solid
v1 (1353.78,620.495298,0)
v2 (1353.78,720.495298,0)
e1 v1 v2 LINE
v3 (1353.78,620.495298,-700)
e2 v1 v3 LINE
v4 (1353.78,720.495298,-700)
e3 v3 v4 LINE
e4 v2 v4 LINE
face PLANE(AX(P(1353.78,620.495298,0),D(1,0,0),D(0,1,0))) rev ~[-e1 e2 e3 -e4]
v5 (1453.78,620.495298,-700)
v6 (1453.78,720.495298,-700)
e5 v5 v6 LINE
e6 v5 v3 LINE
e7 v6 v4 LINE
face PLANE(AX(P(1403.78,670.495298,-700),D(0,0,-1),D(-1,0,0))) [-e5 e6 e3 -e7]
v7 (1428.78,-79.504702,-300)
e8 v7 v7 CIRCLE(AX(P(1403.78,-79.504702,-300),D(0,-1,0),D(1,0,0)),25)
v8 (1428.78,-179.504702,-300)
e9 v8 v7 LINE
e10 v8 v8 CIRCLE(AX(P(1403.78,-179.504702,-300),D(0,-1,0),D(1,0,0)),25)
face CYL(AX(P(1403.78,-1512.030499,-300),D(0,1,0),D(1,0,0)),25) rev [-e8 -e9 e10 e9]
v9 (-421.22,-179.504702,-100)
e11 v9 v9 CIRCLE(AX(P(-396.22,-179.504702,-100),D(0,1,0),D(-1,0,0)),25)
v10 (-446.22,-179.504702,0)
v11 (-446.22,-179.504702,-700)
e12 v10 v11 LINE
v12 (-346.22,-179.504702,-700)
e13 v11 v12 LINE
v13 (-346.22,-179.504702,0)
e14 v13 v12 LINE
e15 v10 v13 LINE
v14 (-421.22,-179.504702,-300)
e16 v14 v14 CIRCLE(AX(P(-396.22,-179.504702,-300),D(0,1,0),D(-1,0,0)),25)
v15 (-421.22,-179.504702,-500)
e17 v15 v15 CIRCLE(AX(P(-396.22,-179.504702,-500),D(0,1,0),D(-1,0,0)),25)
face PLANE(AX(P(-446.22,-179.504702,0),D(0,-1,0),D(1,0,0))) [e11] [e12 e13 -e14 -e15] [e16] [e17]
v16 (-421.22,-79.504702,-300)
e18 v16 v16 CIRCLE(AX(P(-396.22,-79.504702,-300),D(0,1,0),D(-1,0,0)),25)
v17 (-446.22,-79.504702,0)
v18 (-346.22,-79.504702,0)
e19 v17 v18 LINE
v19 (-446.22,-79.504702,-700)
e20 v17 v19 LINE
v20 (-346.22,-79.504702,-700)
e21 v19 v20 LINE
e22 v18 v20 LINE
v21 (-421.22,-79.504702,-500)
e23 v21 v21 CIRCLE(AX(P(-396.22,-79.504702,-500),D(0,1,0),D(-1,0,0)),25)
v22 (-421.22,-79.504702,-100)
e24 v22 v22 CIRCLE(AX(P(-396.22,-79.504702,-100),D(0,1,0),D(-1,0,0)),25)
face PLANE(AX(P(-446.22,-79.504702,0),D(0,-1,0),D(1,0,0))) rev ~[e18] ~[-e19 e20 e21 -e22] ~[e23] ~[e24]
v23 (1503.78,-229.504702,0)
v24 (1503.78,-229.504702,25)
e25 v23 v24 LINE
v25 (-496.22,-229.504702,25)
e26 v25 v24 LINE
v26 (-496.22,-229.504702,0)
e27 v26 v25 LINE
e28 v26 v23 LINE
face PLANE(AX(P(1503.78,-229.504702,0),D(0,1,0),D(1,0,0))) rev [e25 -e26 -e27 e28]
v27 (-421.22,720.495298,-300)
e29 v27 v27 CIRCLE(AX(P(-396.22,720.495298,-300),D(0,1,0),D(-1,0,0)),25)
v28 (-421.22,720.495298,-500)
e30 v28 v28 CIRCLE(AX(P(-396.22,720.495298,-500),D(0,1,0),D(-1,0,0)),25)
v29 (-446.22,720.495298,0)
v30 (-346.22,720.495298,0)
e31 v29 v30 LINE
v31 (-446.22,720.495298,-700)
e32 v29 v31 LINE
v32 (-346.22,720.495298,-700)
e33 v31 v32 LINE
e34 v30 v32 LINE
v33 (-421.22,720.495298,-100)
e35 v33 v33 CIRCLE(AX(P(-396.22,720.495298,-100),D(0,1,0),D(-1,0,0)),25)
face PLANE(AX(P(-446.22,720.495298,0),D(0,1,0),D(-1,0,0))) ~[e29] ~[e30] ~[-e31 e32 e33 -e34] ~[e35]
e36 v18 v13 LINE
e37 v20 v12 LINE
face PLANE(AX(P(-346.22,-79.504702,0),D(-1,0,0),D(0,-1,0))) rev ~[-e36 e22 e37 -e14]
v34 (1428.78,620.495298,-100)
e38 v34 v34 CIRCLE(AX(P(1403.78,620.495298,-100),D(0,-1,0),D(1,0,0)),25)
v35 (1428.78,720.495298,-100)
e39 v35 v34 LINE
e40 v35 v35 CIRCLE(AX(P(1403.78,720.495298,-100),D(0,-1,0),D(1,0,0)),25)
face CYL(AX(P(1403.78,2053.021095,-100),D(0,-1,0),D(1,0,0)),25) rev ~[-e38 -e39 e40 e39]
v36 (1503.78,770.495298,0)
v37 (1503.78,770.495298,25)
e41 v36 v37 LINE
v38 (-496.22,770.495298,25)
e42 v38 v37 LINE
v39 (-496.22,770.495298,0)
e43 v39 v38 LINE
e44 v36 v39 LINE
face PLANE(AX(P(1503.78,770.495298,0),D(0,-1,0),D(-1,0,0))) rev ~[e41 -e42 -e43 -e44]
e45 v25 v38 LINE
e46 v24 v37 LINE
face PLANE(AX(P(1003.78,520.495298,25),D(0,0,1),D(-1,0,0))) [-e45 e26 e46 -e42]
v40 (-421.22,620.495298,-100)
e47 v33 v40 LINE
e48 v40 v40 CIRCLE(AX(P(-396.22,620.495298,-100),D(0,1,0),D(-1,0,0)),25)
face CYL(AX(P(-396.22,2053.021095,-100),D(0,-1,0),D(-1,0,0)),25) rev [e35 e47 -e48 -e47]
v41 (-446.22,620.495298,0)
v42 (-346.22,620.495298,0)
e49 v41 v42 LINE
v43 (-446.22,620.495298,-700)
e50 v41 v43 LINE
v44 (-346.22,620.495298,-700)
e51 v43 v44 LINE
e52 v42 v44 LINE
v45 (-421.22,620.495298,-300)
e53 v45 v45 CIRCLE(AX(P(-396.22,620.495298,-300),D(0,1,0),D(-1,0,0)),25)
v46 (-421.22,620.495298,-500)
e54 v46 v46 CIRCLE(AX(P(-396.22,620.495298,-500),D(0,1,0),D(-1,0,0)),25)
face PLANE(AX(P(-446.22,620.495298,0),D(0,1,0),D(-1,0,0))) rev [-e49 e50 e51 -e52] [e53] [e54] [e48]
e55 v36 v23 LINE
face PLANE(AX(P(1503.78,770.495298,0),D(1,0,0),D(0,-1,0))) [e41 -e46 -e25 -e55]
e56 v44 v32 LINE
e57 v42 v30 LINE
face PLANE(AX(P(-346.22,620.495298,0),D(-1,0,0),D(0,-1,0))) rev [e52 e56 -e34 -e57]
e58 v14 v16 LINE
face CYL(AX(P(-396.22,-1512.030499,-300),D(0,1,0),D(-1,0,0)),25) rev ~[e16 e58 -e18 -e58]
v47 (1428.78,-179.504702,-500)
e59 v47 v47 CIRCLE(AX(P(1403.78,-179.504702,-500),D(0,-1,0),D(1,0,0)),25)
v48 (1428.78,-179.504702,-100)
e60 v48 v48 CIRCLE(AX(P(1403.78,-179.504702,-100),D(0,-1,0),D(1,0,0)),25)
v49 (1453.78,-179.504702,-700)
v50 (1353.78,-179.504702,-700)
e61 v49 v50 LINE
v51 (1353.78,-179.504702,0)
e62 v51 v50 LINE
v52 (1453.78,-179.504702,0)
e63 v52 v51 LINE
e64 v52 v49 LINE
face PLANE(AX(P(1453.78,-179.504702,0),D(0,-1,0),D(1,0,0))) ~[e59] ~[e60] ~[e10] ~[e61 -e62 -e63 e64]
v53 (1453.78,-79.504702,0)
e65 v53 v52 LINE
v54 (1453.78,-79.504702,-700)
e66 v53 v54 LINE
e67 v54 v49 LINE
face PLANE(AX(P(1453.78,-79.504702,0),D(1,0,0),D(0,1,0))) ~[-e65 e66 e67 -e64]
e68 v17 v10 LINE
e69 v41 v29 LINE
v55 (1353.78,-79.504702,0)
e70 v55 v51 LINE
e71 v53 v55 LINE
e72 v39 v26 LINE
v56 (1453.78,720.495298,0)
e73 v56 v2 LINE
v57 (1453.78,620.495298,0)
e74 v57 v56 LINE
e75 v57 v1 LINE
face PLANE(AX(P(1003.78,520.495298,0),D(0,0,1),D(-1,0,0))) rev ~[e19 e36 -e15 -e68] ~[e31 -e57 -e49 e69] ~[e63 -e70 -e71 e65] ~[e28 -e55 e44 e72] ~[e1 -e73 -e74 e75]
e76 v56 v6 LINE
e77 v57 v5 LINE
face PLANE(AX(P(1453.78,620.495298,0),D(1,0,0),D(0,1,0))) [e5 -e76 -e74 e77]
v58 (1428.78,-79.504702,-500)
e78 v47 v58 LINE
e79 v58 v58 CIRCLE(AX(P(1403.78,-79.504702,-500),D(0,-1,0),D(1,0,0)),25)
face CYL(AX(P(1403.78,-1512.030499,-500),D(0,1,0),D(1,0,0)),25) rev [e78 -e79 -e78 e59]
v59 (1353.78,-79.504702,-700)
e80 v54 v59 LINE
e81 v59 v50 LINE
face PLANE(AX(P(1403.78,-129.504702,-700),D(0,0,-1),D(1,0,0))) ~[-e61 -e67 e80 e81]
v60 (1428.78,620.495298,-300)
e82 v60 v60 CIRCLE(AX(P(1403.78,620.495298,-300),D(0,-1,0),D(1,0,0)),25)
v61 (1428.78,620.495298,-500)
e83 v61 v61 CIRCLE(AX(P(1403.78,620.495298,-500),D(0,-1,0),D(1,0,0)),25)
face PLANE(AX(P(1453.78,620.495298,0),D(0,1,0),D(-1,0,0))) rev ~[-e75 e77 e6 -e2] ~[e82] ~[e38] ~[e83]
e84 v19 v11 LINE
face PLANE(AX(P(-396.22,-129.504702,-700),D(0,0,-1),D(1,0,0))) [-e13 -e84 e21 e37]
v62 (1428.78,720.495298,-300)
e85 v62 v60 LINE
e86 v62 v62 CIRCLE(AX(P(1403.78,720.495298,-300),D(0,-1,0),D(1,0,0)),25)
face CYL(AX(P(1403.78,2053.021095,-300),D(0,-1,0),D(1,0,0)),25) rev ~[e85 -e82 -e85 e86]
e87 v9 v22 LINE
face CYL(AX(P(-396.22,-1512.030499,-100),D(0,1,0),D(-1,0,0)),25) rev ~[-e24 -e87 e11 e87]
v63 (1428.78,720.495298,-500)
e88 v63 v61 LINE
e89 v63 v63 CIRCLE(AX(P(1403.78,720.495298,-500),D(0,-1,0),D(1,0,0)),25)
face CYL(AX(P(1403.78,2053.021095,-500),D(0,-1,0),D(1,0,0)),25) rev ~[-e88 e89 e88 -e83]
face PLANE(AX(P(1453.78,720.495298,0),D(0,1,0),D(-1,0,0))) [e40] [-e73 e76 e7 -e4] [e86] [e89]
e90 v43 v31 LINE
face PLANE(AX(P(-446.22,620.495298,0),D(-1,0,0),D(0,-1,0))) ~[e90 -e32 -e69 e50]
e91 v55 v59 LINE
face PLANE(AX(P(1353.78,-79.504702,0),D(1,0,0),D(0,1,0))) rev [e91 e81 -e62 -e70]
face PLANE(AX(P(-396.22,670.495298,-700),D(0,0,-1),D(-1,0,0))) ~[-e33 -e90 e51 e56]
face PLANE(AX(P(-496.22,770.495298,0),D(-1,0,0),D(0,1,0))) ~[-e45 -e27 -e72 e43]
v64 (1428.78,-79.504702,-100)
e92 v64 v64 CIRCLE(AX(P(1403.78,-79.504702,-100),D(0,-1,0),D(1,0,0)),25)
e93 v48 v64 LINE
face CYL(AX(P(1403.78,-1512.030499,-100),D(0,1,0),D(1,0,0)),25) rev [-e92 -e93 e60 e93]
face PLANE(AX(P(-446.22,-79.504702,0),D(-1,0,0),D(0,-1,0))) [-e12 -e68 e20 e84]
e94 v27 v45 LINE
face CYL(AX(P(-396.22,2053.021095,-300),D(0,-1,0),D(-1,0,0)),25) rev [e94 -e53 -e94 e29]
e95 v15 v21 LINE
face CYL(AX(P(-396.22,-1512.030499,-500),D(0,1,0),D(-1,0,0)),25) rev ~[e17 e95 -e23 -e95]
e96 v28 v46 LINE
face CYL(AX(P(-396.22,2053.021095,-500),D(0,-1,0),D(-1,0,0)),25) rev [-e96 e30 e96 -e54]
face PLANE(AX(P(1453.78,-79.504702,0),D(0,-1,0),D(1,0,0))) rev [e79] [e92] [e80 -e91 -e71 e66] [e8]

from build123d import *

# Parameters (mm, degrees)
F0_W     = 1000
F0_H     = 500
F1_DEPTH = 25
F2_W     = 100
F2_H     = 100
F3_DEPTH = 700
F5_D     = 50
F7_D     = 50
F9_D     = 50


with BuildPart() as f1:
    # F0 (on Top) → F1 (new body)
    with BuildSketch(Plane.XY):
        with Locations((3.7799999118, 20.495297656)):
            Rectangle(F0_W, F0_H)
    extrude(amount=F1_DEPTH)

    # F2 (on face) → F3 (join)
    with BuildSketch(Plane(origin=(0, 0, 0), x_dir=(1, 0, 0), z_dir=(0, 0, -1))):
        with Locations((-396.2200000882, 129.504702344)):
            Rectangle(F2_W, F2_H)
    extrude(amount=F3_DEPTH)

    # F5 (through all)
    with Locations(Plane.XZ.offset(179.504702344)):
        with Locations((-396.2200000882, -500)):
            Hole(F5_D / 2)

    # F7 (through all)
    with Locations(Plane.XZ.offset(179.504702344)):
        with Locations((-396.2200000882, -300)):
            Hole(F7_D / 2)

    # F9 (through all)
    with Locations(Plane.XZ.offset(179.504702344)):
        with Locations((-396.2200000882, -100)):
            Hole(F9_D / 2)

    # F12: F1 across plane


with BuildPart() as f1_1:
    add(f1.part)
    add(f1.part.mirror(Plane(origin=(3.7799999118, 270.495297656, 12.5), x_dir=(-1, 0, 0), z_dir=(0, 1, 0))))

    # F14: F1 across plane


with BuildPart() as f1_2:
    add(f1_1.part)
    add(f1_1.part.mirror(Plane(origin=(503.7799999118, 270.495297656, 12.5), x_dir=(0, 1, 0), z_dir=(1, 0, 0))))


solid = f1_2.part
